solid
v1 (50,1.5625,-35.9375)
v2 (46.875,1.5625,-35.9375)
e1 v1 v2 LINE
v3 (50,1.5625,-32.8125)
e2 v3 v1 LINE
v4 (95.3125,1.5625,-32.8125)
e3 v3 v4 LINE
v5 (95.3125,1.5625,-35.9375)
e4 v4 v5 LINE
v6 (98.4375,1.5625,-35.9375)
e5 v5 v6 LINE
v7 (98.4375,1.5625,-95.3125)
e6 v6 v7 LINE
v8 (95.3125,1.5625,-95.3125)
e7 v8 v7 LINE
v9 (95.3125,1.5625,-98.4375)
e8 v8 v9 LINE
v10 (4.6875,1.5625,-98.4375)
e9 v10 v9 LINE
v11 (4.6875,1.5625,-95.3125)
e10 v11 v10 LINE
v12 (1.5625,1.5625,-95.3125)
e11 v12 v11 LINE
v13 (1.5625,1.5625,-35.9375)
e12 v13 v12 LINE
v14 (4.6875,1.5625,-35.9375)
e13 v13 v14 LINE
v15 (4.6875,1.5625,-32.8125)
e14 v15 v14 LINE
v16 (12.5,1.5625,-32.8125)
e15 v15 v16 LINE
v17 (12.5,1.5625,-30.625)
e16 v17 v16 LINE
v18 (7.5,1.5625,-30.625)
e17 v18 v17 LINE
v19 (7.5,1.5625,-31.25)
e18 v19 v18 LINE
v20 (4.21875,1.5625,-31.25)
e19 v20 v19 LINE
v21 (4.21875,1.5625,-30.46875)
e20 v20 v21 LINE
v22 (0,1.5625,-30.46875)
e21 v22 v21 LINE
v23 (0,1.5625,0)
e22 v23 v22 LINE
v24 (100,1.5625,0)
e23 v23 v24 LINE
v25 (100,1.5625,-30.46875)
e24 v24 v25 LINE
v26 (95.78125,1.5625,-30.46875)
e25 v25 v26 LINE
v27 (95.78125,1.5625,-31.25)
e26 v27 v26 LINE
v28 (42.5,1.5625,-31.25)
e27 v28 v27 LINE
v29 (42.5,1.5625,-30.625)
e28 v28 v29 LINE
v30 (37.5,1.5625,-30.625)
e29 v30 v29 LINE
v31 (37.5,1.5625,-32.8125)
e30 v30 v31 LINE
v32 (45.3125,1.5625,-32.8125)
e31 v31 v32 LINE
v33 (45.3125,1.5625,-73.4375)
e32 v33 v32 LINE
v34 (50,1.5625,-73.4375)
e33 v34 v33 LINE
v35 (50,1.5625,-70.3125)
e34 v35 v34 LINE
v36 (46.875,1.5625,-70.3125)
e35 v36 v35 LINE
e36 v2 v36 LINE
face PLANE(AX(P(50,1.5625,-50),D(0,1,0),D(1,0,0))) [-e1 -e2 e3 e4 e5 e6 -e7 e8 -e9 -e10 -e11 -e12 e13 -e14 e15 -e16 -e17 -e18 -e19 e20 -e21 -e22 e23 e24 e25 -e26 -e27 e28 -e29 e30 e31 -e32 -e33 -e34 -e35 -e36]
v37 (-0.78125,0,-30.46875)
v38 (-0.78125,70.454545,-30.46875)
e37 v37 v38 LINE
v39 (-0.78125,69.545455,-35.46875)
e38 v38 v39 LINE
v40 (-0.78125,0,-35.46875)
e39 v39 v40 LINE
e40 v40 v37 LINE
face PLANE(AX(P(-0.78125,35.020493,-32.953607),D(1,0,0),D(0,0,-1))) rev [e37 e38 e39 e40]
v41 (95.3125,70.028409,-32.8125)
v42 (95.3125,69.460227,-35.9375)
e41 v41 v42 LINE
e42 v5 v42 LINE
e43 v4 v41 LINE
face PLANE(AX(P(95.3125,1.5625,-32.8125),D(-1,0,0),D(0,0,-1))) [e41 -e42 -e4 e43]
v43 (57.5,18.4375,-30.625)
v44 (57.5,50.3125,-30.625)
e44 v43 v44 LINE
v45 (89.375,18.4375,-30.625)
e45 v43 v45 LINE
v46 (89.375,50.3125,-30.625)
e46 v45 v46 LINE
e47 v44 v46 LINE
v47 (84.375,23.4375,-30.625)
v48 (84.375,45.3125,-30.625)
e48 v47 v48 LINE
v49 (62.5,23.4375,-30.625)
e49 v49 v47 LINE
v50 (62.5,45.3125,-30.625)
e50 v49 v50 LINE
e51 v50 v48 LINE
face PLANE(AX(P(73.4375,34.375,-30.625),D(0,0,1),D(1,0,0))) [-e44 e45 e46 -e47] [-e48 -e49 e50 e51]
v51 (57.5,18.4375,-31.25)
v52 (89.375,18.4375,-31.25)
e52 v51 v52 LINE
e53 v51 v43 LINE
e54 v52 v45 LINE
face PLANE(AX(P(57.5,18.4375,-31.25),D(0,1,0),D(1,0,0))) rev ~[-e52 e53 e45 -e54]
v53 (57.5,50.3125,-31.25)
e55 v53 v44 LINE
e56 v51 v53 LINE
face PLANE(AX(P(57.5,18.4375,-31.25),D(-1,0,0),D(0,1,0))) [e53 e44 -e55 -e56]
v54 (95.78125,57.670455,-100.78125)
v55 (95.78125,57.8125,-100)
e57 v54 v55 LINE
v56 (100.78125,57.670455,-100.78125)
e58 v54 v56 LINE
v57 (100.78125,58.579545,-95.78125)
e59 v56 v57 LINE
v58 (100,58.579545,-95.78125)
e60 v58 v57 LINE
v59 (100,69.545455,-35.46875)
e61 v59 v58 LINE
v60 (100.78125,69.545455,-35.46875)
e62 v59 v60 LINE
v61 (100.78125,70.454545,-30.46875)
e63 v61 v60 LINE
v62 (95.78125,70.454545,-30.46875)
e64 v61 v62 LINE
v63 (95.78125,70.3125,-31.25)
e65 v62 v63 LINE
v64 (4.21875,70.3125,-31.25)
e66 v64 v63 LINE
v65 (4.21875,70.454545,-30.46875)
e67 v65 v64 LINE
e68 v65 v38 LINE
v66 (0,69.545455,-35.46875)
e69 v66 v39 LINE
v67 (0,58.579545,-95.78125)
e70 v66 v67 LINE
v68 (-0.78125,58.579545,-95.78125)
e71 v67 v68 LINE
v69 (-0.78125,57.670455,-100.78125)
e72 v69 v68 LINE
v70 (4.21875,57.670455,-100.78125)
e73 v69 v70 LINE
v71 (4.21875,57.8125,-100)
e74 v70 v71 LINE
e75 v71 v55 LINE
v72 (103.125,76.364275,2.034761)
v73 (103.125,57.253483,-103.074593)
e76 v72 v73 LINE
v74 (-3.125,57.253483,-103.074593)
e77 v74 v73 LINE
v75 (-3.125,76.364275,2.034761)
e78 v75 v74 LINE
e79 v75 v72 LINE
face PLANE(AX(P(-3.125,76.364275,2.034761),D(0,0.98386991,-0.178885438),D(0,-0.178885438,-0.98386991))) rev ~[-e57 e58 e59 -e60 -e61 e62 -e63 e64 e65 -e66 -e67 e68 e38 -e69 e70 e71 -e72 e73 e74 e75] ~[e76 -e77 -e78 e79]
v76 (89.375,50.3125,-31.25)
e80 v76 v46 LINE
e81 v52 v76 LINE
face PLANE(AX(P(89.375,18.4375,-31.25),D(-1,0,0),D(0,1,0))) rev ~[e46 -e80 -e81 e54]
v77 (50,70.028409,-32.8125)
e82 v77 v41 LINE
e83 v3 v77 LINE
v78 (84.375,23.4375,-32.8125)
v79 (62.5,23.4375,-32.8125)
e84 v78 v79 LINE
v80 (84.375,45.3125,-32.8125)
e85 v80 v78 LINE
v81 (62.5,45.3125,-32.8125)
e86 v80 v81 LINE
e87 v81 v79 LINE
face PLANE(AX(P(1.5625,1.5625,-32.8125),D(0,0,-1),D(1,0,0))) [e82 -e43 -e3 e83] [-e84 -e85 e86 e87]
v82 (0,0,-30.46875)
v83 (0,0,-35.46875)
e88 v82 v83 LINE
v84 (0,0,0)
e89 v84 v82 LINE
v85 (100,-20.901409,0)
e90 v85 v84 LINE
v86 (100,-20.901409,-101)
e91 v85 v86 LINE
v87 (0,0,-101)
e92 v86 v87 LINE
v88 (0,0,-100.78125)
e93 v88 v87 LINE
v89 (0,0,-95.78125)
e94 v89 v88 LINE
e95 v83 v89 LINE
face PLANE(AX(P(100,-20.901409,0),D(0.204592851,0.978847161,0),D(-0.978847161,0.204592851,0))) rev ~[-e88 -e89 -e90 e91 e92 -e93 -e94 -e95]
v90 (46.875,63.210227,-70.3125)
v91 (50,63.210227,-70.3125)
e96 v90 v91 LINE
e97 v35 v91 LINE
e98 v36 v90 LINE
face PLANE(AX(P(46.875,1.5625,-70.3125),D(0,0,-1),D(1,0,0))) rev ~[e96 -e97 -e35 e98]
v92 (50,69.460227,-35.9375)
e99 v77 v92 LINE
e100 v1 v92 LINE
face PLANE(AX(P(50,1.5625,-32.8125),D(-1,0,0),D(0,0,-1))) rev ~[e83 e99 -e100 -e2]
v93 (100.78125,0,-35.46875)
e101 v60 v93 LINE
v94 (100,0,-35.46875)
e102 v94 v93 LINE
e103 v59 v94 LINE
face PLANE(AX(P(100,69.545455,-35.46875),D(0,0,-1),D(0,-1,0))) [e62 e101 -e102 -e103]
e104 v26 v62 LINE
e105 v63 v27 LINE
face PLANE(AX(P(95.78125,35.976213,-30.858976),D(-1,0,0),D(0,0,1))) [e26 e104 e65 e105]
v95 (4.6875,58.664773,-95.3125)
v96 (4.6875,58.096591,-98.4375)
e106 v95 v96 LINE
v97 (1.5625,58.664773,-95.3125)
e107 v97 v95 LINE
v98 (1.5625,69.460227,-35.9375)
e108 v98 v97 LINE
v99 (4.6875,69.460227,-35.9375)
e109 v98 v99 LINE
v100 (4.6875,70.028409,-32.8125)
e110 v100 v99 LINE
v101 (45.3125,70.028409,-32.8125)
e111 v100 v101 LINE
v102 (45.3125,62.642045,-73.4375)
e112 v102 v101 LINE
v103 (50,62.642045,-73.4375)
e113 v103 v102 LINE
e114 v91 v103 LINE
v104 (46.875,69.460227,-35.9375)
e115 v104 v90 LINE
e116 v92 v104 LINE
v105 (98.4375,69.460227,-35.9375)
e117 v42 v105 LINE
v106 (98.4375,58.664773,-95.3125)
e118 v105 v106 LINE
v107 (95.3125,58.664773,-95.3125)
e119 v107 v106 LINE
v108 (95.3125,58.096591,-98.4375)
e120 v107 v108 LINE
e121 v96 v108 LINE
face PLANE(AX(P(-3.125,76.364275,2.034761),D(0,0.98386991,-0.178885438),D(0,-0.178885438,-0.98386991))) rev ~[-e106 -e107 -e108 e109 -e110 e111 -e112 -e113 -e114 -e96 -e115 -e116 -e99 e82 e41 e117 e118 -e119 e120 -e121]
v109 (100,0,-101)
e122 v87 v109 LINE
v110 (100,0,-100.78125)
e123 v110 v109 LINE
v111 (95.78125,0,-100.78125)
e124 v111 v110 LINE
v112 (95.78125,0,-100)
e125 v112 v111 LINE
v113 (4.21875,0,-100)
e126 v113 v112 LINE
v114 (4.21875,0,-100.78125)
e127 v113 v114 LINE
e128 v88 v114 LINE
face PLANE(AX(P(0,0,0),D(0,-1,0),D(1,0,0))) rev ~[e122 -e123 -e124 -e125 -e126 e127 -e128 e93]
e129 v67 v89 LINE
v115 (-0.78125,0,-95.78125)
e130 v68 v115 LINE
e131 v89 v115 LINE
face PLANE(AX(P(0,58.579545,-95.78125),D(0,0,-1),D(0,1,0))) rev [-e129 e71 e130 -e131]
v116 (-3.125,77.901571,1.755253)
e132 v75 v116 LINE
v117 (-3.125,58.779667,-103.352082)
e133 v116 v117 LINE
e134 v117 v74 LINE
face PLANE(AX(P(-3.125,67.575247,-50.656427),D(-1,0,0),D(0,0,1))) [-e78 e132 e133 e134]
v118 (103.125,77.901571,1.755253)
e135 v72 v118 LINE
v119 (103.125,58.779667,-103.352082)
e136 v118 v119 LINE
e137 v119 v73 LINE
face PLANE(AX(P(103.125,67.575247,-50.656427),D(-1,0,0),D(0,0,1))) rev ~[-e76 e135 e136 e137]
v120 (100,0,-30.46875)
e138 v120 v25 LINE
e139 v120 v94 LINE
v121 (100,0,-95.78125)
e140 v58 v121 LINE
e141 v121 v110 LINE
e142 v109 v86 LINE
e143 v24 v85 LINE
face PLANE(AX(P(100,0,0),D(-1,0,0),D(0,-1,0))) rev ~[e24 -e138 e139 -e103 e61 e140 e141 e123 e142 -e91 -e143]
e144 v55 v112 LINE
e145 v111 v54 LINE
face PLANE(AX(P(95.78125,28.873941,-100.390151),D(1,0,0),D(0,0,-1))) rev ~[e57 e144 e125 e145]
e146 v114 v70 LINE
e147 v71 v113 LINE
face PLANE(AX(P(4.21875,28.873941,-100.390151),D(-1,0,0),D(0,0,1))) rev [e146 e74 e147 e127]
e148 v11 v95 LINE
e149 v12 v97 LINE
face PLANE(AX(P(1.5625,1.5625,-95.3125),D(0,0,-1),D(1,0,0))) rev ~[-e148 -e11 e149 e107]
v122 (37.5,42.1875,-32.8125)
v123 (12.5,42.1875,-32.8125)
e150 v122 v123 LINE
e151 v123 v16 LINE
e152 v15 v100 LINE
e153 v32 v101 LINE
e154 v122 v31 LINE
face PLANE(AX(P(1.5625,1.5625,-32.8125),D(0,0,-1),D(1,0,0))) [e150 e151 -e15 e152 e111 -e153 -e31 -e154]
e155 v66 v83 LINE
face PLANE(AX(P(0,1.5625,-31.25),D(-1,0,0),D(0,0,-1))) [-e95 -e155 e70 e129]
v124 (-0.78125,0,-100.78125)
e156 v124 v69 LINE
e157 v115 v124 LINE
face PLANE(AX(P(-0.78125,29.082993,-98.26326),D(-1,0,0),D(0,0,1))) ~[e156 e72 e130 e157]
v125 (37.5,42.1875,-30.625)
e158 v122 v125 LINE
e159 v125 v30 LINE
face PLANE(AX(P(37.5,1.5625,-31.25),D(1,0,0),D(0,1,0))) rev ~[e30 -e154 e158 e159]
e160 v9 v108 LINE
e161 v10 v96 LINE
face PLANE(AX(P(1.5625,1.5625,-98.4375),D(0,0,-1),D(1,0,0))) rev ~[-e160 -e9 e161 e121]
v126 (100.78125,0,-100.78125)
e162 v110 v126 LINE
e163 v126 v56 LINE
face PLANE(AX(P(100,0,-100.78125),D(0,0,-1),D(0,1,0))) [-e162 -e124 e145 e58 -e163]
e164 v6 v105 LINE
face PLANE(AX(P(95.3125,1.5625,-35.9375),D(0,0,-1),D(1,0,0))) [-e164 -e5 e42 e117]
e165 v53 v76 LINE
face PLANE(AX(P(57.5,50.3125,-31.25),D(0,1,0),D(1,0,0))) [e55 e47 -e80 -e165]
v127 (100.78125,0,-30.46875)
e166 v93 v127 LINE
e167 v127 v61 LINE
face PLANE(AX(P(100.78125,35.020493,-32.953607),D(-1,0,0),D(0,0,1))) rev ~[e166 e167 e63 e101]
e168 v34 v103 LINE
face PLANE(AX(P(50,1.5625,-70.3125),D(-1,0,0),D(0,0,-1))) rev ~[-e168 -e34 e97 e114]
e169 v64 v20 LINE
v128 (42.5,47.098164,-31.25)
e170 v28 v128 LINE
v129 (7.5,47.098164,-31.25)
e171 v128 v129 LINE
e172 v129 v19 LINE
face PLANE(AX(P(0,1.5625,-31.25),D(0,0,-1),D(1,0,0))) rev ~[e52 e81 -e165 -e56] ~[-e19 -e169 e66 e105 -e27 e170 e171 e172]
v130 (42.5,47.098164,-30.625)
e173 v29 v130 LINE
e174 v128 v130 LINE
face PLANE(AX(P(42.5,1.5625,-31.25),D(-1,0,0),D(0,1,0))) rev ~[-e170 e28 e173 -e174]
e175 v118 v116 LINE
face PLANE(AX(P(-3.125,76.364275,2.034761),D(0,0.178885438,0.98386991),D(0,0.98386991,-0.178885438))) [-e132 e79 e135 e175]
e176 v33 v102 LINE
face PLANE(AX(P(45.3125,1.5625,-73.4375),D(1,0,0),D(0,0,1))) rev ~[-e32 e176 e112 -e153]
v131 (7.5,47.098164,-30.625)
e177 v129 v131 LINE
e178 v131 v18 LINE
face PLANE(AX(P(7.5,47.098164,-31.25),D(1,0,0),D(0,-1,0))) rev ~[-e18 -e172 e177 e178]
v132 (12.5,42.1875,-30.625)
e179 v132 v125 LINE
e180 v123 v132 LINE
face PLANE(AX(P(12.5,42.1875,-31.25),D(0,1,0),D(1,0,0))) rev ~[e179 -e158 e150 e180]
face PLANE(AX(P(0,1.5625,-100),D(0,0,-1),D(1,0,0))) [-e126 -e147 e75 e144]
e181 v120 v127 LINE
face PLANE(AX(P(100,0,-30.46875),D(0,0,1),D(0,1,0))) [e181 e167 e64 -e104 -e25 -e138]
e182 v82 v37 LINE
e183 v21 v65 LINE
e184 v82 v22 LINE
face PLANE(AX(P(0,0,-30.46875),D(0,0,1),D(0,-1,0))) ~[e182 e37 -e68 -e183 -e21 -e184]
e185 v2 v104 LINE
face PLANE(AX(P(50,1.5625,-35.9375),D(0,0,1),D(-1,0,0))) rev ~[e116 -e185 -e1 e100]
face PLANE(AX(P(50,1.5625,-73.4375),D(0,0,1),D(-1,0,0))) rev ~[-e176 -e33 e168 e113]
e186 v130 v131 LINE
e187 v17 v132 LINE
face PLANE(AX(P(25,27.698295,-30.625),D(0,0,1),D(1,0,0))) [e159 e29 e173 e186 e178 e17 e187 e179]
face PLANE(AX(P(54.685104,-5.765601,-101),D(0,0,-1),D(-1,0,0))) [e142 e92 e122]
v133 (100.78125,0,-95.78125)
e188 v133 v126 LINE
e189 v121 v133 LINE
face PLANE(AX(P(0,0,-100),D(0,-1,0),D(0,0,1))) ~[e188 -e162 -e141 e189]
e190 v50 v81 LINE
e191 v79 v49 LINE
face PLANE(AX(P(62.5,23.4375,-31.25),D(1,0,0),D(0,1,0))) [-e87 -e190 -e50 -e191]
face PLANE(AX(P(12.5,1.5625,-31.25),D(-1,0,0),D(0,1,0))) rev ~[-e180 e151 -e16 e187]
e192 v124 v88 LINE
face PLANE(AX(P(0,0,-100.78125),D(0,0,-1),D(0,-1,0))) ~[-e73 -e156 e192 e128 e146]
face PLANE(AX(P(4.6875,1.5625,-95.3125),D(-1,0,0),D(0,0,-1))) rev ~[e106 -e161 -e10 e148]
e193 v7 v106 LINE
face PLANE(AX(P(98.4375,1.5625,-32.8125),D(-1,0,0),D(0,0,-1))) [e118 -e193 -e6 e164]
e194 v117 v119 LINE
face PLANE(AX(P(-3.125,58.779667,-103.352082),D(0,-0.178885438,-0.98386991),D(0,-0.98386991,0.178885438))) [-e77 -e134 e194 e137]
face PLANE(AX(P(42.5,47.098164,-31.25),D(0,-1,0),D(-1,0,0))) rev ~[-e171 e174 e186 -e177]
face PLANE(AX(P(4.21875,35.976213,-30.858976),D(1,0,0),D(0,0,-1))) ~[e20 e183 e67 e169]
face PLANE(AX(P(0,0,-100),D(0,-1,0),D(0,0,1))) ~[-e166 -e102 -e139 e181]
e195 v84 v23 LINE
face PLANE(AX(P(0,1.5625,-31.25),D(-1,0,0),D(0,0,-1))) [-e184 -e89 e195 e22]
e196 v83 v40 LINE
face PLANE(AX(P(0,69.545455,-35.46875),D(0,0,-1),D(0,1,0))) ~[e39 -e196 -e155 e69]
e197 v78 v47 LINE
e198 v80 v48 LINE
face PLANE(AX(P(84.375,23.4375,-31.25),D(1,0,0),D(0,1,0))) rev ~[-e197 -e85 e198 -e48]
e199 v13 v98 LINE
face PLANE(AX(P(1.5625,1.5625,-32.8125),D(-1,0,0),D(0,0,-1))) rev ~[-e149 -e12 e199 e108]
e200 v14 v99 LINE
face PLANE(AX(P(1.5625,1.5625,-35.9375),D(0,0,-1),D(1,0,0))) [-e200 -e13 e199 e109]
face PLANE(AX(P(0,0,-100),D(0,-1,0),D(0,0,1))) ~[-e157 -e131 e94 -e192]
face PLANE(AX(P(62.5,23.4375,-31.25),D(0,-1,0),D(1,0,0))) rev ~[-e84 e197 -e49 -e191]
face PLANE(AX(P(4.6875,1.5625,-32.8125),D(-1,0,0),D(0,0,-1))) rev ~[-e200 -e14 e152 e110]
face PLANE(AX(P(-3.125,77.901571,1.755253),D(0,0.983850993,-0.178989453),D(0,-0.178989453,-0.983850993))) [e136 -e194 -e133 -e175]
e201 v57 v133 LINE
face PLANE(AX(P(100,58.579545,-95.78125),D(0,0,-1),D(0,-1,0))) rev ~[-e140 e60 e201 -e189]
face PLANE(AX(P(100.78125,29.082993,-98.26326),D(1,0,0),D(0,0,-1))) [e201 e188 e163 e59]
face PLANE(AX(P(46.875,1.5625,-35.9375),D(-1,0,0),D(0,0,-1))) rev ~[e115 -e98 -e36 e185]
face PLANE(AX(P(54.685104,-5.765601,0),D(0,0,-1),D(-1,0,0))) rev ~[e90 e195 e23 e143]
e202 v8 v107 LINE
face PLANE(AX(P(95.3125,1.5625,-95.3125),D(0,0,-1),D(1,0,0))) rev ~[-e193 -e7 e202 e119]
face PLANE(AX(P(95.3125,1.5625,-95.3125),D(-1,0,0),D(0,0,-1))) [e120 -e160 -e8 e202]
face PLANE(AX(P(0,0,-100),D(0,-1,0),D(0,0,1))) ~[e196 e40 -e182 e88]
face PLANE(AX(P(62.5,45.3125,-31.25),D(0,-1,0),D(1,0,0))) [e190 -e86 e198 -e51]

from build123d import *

# Parameters (mm, degrees)
SKETCH1_W                = 1600
SKETCH1_H                = 1600
BOSS_EXTRUDE1_DEPTH      = 25
SKETCH2_W                = 1600
SKETCH2_H                = 1100
SKETCH2_W_2              = 1550
SKETCH2_H_2              = 1050
BOSS_EXTRUDE2_DEPTH      = 1100
BOSS_EXTRUDE3_DEPTH      = 50
BOSS_EXTRUDE3_DEPTH_BACK = 1650
CUT_EXTRUDE1_DEPTH       = 2648.749751348
BOSS_EXTRUDE4_DEPTH      = 12.5
BOSS_EXTRUDE5_DEPTH      = 67.5
SKETCH8_W                = 400
SKETCH8_H                = 650
SKETCH8_W_2              = 350
SKETCH8_H_2              = 350
CUT_EXTRUDE2_DEPTH       = 68.5
SKETCH9_W                = 510
SKETCH9_H                = 510
SKETCH9_W_2              = 350
SKETCH9_H_2              = 350
BOSS_EXTRUDE6_DEPTH      = 10
BOSS_EXTRUDE7_REACH      = 2638.073
SKETCH10_W               = 50
SKETCH10_H               = 50
SCALE1_SCALE             = 0.125
SCALE2_SCALE             = 0.5
BOSS_EXTRUDE9_DEPTH      = 101


with BuildPart() as part:
    # Sketch1 → Boss-Extrude1 (new body)
    with BuildSketch(Plane(origin=(0, 0, 0), x_dir=(1, 0, 0), z_dir=(0, 1, 0))):
        with Locations((800, 800)):
            Rectangle(SKETCH1_W, SKETCH1_H)
    extrude(amount=BOSS_EXTRUDE1_DEPTH)

    # Sketch2 → Boss-Extrude2 (add)
    with BuildSketch(Plane(origin=(0, 25, 0), x_dir=(1, 0, 0), z_dir=(0, 1, 0))):
        with Locations((800, 1050)):
            Rectangle(SKETCH2_W, SKETCH2_H)
        with Locations((800, 1050)):
            Rectangle(SKETCH2_W_2, SKETCH2_H_2, mode=Mode.SUBTRACT)
    extrude(amount=BOSS_EXTRUDE2_DEPTH)

    # Sketch3 → Boss-Extrude3 (add, two sides: drawn at the far end of the back side and taken through both)
    with BuildSketch(Plane(origin=(1600, 0, 0), x_dir=(0, 0, -1), z_dir=(1, 0, 0)).offset(-BOSS_EXTRUDE3_DEPTH_BACK)):
        Polygon((1600, 925), (500, 1125), (-32.556177987, 1221.828395998), (-28.084042032, 1246.42514375), (1653.633304815, 940.474679295), (1649.193495505, 916.05572809), align=None)
    extrude(amount=BOSS_EXTRUDE3_DEPTH + BOSS_EXTRUDE3_DEPTH_BACK)

    # Sketch4 → Cut-Extrude1 (cut, through all)
    with BuildSketch(Plane(origin=(1600, 0, 0), x_dir=(0, 0, -1), z_dir=(1, 0, 0))):
        Polygon((-28.084042032, 1246.42514375), (1653.633304815, 940.474679295), (1653.633304815, 1246.42514375), align=None)
    extrude(amount=-CUT_EXTRUDE1_DEPTH, mode=Mode.SUBTRACT)

    # Sketch5 → Boss-Extrude4 (add)
    with BuildSketch(Plane(origin=(1600, 0, 0), x_dir=(0, 0, -1), z_dir=(1, 0, 0))):
        Polygon((1532.5, 937.272727273), (1532.5, 0), (1612.5, 0), (1612.5, 922.727272727), align=None)
        Polygon((567.5, 1112.727272727), (567.5, 0), (487.5, 0), (487.5, 1127.272727273), align=None)
    boss_extrude4 = extrude(amount=BOSS_EXTRUDE4_DEPTH)

    # Sketch6 → Boss-Extrude5 (add)
    with BuildSketch(Plane.ZY.offset(-1600)):
        Polygon((-1600, 925), (-1600, 0), (-1612.5, 0), (-1612.5, 922.727272727), align=None)
        Polygon((-487.5, 1127.272727273), (-500, 1125), (-500, 25), (-487.5, 25), align=None)
    boss_extrude5 = extrude(amount=BOSS_EXTRUDE5_DEPTH)

    # Mirror1: Boss-Extrude4, Boss-Extrude5 across plane
    add(boss_extrude4.mirror(Plane(origin=(800, 0, 0), x_dir=(0, 0, 1), z_dir=(1, 0, 0))))
    add(boss_extrude5.mirror(Plane(origin=(800, 0, 0), x_dir=(0, 0, 1), z_dir=(1, 0, 0))))

    # Sketch8 → Cut-Extrude2 (cut)
    with BuildSketch(Plane.XY.offset(-500)):
        with Locations((400, 350)):
            Rectangle(SKETCH8_W, SKETCH8_H)
        with Locations((1175, 550)):
            Rectangle(SKETCH8_W_2, SKETCH8_H_2)
    extrude(amount=-CUT_EXTRUDE2_DEPTH, mode=Mode.SUBTRACT)

    # Sketch9 → Boss-Extrude6 (add)
    # profile 1 of 2: a face of its own
    with BuildSketch(Plane.XY.offset(-500)):
        Polygon((200, 25), (200, 673.570628699), (200, 675), (600, 675), (600, 673.570628699), (600, 25), (680, 25), (680, 753.570628699), (120, 753.570628699), (120, 25), align=None)
    # profile 2 of 2: a face of its own
    with BuildSketch(Plane.XY.offset(-500)):
        with Locations((1175, 550)):
            Rectangle(SKETCH9_W, SKETCH9_H)
        with Locations((1175, 550)):
            Rectangle(SKETCH9_W_2, SKETCH9_H_2, mode=Mode.SUBTRACT)
    extrude(amount=BOSS_EXTRUDE6_DEPTH)

    # Boss-Extrude7: up to this plane
    boss_extrude7_end = Plane(origin=(1650, 925, -1600), z_dir=(0, 0.9838699100999074, -0.1788854381999831))
    # Sketch10 → Boss-Extrude7 (add, up to the surface)
    with BuildSketch(Plane(origin=(0, 25, 0), x_dir=(1, 0, 0), z_dir=(0, 1, 0)), mode=Mode.PRIVATE) as boss_extrude7_sk1:
        with Locations((50, 1550)):
            Rectangle(SKETCH10_W, SKETCH10_H)
    boss_extrude7_tool1 = split(extrude(boss_extrude7_sk1.sketch, amount=BOSS_EXTRUDE7_REACH, mode=Mode.PRIVATE), bisect_by=boss_extrude7_end, keep=Keep.BOTH, mode=Mode.PRIVATE)
    add(boss_extrude7_tool1.solids().sort_by_distance((50, 25, -1550))[0])
    # Sketch10 → Boss-Extrude7 (add, up to the surface)
    with BuildSketch(Plane(origin=(0, 25, 0), x_dir=(1, 0, 0), z_dir=(0, 1, 0)), mode=Mode.PRIVATE) as boss_extrude7_sk2:
        with Locations((1550, 1550)):
            Rectangle(SKETCH10_W, SKETCH10_H)
    boss_extrude7_tool2 = split(extrude(boss_extrude7_sk2.sketch, amount=BOSS_EXTRUDE7_REACH, mode=Mode.PRIVATE), bisect_by=boss_extrude7_end, keep=Keep.BOTH, mode=Mode.PRIVATE)
    add(boss_extrude7_tool2.solids().sort_by_distance((1550, 25, -1550))[0])
    # Sketch10 → Boss-Extrude7 (add, up to the surface)
    with BuildSketch(Plane(origin=(0, 25, 0), x_dir=(1, 0, 0), z_dir=(0, 1, 0)), mode=Mode.PRIVATE) as boss_extrude7_sk3:
        with Locations((50, 550)):
            Rectangle(SKETCH10_W, SKETCH10_H)
    boss_extrude7_tool3 = split(extrude(boss_extrude7_sk3.sketch, amount=BOSS_EXTRUDE7_REACH, mode=Mode.PRIVATE), bisect_by=boss_extrude7_end, keep=Keep.BOTH, mode=Mode.PRIVATE)
    add(boss_extrude7_tool3.solids().sort_by_distance((50, 25, -550))[0])
    # Sketch10 → Boss-Extrude7 (add, up to the surface)
    with BuildSketch(Plane(origin=(0, 25, 0), x_dir=(1, 0, 0), z_dir=(0, 1, 0)), mode=Mode.PRIVATE) as boss_extrude7_sk4:
        with Locations((1550, 550)):
            Rectangle(SKETCH10_W, SKETCH10_H)
    boss_extrude7_tool4 = split(extrude(boss_extrude7_sk4.sketch, amount=BOSS_EXTRUDE7_REACH, mode=Mode.PRIVATE), bisect_by=boss_extrude7_end, keep=Keep.BOTH, mode=Mode.PRIVATE)
    add(boss_extrude7_tool4.solids().sort_by_distance((1550, 25, -550))[0])
    # Sketch10 → Boss-Extrude7 (add, up to the surface)
    with BuildSketch(Plane(origin=(0, 25, 0), x_dir=(1, 0, 0), z_dir=(0, 1, 0)), mode=Mode.PRIVATE) as boss_extrude7_sk5:
        Polygon((725, 525), (750, 525), (800, 525), (800, 575), (750, 575), (750, 1125), (800, 1125), (800, 1175), (750, 1175), (725, 1175), align=None)
    boss_extrude7_tool5 = split(extrude(boss_extrude7_sk5.sketch, amount=BOSS_EXTRUDE7_REACH, mode=Mode.PRIVATE), bisect_by=boss_extrude7_end, keep=Keep.BOTH, mode=Mode.PRIVATE)
    add(boss_extrude7_tool5.solids().sort_by_distance((746.323529, 25, -850))[0])


with BuildPart() as part_1:
    # Scale1: scaled about (0, 0, 0)
    add(part.part.scale(SCALE1_SCALE))


with BuildPart() as part_2:
    # Scale2: scaled about (0, 0, 0)
    add(part_1.part.scale(SCALE2_SCALE))

    # Sketch11 → Boss-Extrude9 (add)
    with BuildSketch(Plane.XY):
        Polygon((0, 0), (100, 0), (100, -20.901409281), align=None)
    extrude(amount=-BOSS_EXTRUDE9_DEPTH)


solid = part_2.part
